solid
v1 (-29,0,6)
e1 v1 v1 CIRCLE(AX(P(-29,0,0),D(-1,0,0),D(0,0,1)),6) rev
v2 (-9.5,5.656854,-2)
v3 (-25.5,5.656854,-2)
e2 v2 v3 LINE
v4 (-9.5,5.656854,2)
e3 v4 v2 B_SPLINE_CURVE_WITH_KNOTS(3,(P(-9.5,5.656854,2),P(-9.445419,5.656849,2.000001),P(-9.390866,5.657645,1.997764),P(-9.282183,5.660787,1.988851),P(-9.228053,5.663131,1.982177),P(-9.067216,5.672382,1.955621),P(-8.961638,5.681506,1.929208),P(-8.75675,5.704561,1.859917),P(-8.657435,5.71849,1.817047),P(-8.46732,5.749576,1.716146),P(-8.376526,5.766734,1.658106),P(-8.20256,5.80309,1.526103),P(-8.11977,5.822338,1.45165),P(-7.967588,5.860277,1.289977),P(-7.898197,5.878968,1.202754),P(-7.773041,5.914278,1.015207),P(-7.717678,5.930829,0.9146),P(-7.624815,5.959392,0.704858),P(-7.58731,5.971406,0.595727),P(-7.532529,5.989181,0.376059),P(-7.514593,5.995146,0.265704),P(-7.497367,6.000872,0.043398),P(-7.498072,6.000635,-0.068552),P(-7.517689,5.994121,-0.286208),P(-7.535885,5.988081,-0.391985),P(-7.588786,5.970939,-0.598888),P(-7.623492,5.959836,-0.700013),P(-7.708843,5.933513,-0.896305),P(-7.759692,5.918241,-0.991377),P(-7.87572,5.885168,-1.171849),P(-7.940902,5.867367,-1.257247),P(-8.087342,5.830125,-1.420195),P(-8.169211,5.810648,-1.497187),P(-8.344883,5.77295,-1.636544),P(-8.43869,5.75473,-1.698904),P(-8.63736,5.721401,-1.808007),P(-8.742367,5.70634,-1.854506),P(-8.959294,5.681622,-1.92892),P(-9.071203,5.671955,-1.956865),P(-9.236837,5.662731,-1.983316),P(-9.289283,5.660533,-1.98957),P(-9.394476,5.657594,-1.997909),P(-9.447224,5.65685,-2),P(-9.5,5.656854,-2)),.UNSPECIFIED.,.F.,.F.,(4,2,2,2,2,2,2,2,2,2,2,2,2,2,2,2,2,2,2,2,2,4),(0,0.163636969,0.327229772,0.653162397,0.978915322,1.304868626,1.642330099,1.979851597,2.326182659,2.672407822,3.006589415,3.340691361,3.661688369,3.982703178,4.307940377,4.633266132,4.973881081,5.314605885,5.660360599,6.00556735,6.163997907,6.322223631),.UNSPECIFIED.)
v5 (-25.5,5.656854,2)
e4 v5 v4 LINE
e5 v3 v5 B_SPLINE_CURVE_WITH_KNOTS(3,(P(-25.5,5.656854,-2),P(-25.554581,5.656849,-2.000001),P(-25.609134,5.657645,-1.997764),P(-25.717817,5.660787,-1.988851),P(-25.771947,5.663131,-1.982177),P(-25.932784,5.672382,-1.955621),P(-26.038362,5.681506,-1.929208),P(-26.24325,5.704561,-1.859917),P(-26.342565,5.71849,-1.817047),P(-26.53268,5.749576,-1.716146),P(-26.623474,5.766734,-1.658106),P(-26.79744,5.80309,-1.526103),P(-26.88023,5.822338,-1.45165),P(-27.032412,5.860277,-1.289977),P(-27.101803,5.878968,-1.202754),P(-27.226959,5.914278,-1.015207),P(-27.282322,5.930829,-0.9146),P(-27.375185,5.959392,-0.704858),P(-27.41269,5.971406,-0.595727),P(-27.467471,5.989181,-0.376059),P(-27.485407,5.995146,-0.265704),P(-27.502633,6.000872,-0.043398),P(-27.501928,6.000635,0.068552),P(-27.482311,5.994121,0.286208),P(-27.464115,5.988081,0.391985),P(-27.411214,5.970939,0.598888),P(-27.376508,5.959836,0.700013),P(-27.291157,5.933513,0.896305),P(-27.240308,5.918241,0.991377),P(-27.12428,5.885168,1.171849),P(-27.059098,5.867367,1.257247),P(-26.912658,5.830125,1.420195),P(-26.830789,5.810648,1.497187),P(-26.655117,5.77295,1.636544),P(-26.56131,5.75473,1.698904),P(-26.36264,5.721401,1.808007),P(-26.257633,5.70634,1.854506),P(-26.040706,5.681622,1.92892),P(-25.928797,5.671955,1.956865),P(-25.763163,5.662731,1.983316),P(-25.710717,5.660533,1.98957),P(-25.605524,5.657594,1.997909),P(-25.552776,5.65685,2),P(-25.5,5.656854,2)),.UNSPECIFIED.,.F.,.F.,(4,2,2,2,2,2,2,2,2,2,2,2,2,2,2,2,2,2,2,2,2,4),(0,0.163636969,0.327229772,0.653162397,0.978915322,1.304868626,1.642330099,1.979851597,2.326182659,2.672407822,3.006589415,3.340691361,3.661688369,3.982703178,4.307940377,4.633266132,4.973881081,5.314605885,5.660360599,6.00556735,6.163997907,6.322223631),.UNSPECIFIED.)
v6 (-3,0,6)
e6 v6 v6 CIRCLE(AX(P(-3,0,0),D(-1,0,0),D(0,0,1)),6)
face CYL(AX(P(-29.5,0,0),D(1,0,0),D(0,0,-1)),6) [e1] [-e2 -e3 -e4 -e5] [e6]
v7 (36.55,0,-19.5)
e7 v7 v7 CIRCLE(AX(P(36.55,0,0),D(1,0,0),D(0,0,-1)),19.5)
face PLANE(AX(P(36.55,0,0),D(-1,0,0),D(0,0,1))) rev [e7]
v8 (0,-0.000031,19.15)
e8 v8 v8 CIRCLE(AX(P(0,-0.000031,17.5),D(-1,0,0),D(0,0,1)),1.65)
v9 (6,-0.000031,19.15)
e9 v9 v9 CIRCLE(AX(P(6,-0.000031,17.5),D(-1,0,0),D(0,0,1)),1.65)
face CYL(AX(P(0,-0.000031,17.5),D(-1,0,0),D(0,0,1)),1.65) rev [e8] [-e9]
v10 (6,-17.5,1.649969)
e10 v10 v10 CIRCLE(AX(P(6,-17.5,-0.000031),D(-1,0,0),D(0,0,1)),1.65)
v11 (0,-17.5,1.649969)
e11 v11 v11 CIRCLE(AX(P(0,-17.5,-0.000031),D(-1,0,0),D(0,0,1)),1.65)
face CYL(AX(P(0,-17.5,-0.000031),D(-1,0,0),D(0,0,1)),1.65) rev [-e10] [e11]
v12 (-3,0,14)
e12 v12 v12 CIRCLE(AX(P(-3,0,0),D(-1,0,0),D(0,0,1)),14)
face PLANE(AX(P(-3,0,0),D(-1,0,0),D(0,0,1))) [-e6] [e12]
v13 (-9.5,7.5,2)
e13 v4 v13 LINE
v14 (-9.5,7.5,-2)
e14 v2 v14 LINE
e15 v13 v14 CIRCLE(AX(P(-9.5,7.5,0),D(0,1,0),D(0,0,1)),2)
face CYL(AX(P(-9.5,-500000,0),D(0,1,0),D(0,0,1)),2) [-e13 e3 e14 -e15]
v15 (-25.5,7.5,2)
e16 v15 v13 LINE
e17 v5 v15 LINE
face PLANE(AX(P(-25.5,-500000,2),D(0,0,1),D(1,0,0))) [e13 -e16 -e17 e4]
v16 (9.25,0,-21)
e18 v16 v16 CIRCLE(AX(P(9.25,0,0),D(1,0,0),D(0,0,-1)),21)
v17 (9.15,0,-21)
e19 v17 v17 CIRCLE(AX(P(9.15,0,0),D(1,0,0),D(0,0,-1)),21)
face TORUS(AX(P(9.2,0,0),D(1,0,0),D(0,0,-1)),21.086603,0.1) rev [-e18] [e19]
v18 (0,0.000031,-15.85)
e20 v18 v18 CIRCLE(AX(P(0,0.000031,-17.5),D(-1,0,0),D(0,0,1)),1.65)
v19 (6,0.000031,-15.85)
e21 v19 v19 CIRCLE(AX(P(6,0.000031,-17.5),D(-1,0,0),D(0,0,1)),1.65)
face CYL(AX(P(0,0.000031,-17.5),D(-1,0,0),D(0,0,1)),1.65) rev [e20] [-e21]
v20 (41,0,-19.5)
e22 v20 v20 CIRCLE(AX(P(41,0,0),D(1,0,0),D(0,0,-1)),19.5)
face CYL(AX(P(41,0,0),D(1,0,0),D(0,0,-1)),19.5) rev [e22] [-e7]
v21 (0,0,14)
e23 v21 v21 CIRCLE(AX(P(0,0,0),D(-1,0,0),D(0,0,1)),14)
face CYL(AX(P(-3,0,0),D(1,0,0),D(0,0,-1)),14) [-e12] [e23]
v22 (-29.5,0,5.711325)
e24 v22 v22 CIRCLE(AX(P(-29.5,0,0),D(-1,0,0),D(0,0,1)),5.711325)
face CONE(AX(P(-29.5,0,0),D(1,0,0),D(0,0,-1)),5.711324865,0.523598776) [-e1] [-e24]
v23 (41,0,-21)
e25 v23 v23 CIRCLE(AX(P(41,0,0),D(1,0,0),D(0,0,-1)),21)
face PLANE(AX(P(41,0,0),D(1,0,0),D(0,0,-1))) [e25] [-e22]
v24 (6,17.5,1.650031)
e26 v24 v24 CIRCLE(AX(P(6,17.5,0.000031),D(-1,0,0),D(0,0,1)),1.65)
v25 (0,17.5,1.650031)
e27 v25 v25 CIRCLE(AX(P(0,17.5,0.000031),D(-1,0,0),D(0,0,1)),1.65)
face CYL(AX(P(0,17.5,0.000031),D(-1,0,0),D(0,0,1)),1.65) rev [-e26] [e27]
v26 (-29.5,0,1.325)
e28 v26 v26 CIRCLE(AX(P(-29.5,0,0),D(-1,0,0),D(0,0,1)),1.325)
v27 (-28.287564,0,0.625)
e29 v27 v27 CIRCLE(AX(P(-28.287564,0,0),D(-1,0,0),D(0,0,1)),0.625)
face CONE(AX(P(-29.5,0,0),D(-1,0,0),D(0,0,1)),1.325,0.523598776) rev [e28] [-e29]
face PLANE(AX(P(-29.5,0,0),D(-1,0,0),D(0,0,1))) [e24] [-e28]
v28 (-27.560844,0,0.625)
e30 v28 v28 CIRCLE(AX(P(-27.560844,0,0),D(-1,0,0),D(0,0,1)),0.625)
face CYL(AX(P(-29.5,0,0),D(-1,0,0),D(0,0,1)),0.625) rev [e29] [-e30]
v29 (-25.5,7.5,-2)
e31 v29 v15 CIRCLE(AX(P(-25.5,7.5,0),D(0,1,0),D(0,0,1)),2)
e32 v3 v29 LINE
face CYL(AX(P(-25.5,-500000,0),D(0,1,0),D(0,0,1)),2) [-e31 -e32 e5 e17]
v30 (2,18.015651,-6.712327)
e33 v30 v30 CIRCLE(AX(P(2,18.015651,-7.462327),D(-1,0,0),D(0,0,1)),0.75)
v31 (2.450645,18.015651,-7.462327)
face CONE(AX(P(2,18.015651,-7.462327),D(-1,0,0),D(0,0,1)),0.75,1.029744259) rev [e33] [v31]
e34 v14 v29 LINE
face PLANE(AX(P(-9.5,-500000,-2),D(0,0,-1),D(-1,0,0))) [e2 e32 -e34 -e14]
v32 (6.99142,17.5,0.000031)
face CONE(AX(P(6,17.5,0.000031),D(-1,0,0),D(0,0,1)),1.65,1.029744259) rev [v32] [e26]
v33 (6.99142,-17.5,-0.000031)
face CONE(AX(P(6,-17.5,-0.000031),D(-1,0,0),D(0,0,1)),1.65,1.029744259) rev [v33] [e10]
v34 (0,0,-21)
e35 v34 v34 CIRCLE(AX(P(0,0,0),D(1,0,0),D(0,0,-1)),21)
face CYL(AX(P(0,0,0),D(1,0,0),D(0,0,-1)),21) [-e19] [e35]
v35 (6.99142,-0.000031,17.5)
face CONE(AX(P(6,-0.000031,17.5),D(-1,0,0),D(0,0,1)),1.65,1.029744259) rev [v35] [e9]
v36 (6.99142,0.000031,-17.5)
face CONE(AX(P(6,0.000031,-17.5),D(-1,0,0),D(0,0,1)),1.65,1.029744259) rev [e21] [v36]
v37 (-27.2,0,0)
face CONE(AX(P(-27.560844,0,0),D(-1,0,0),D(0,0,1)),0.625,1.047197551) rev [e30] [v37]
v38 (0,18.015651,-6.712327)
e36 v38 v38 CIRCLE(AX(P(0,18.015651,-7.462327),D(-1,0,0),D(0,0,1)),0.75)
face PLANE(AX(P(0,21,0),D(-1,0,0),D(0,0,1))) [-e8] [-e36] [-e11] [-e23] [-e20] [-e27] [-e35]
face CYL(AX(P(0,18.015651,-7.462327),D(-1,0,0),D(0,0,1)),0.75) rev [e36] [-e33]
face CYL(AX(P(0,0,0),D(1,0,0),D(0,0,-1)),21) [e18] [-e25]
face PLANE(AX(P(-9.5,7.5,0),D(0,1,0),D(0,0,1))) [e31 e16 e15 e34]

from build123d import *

# Parameters (mm, degrees)
SKETCH2_R                              = 14
BOSS_EXTRUDE1_DEPTH                    = 3
SKETCH3_R                              = 6
BOSS_EXTRUDE2_DEPTH                    = 26.5
BOSS_EXTRUDE4_REACH                    = 56.169
BOSS_EXTRUDE4_END_RADIUS               = 6
M36_CLEARANCE_HOLE1_D                  = 39
M36_CLEARANCE_HOLE1_DEPTH              = 4.45
F_1_5_1_5_DIAMETER_HOLE1_D             = 1.5
F_1_5_1_5_DIAMETER_HOLE1_DEPTH         = 2
F_1_5_1_5_DIAMETER_HOLE1_TIP           = 0.450645464
F_3_3_3_3_DIAMETER_HOLE1_D             = 3.3
F_3_3_3_3_DIAMETER_HOLE1_DEPTH         = 6
F_3_3_3_3_DIAMETER_HOLE1_TIP           = 0.991420021
F_1_25_1_25_DIAMETER_HOLE1_D           = 1.25
F_1_25_1_25_DIAMETER_HOLE1_DEPTH       = 1.939156082
F_1_25_1_25_DIAMETER_HOLE1_CSINK_D     = 2.65
F_1_25_1_25_DIAMETER_HOLE1_CSINK_ANGLE = 60
F_1_25_1_25_DIAMETER_HOLE1_TIP         = 0.360843918
CHAMFER1_SIZE                          = 0.288675135
CHAMFER1_SIZE2                         = 0.5


with BuildPart() as part:
    # Sketch1 → Revolve1 (revolve)
    with BuildSketch(Plane.XY, mode=Mode.PRIVATE) as revolve1_sk:
        with BuildLine():
            Line((0, 21), (0, 0))
            Line((0, 0), (41, 0))
            Line((41, 0), (41, 21))
            Line((41, 21), (9.25, 21))
            ThreePointArc((9.25, 21), (9.2, 20.98660254), (9.15, 21))
            Line((9.15, 21), (0, 21))
        make_face()
    revolve(revolve1_sk.sketch.rotate(Axis((0, 0, 0), (1, 0, 0)), 270), axis=Axis((0, 0, 0), (1, 0, 0)))

    # Sketch2 → Boss-Extrude1 (add)
    with BuildSketch(Plane.ZY):
        Circle(SKETCH2_R)
    extrude(amount=BOSS_EXTRUDE1_DEPTH)

    # Sketch3 → Boss-Extrude2 (add)
    with BuildSketch(Plane.ZY.offset(3)):
        Circle(SKETCH3_R)
    extrude(amount=BOSS_EXTRUDE2_DEPTH)

    # Boss-Extrude4: up to this cylinder (the profile starts outside it)
    boss_extrude4_end = Plane(origin=(-17.5, 0, 0), z_dir=(1, 0, 0)) * Cylinder(BOSS_EXTRUDE4_END_RADIUS, 125.338, mode=Mode.PRIVATE)
    # Sketch5 → Boss-Extrude4 (add, up to the surface)
    with BuildSketch(Plane(origin=(0, 7.5, 0), x_dir=(1, 0, 0), z_dir=(0, 1, 0)), mode=Mode.PRIVATE) as boss_extrude4_sk1:
        with BuildLine():
            Line((-9.5, 2), (-25.5, 2))
            ThreePointArc((-25.5, 2), (-27.5, 0), (-25.5, -2))
            Line((-25.5, -2), (-9.5, -2))
            ThreePointArc((-9.5, -2), (-7.5, 0), (-9.5, 2))
        make_face()
    boss_extrude4_tool1 = extrude(boss_extrude4_sk1.sketch, amount=-BOSS_EXTRUDE4_REACH, mode=Mode.PRIVATE) - boss_extrude4_end
    add(boss_extrude4_tool1.solids().sort_by_distance((-17.5, 7.5, 0))[0])

    # M36 Clearance Hole1
    with Locations(Plane(origin=(41, 0, 0), x_dir=(0, 0, -1), z_dir=(1, 0, 0))):
        with Locations((0, 0)):
            Hole(M36_CLEARANCE_HOLE1_D / 2, depth=M36_CLEARANCE_HOLE1_DEPTH)

    # Ø1.5 (1.5) Diameter Hole1
    with Locations(Plane.ZY):
        with Locations((-7.462326931, 18.015650884)):
            Hole(F_1_5_1_5_DIAMETER_HOLE1_D / 2, depth=F_1_5_1_5_DIAMETER_HOLE1_DEPTH)
            with Locations((0, 0, -(F_1_5_1_5_DIAMETER_HOLE1_DEPTH + F_1_5_1_5_DIAMETER_HOLE1_TIP / 2))):  # 118° drill point
                Cone(0, F_1_5_1_5_DIAMETER_HOLE1_D / 2, F_1_5_1_5_DIAMETER_HOLE1_TIP, mode=Mode.SUBTRACT)

    # Ø3.3 (3.3) Diameter Hole1
    with Locations(Plane.ZY):
        with Locations((3.0543e-05, 17.5), (17.5, -3.0543e-05), (-3.0543e-05, -17.5), (-17.5, 3.0543e-05)):
            Hole(F_3_3_3_3_DIAMETER_HOLE1_D / 2, depth=F_3_3_3_3_DIAMETER_HOLE1_DEPTH)
            with Locations((0, 0, -(F_3_3_3_3_DIAMETER_HOLE1_DEPTH + F_3_3_3_3_DIAMETER_HOLE1_TIP / 2))):  # 118° drill point
                Cone(0, F_3_3_3_3_DIAMETER_HOLE1_D / 2, F_3_3_3_3_DIAMETER_HOLE1_TIP, mode=Mode.SUBTRACT)

    # Ø1.25 (1.25) Diameter Hole1
    with Locations(Plane.ZY.offset(29.5)):
        with Locations((0, 0)):
            CounterSinkHole(F_1_25_1_25_DIAMETER_HOLE1_D / 2, F_1_25_1_25_DIAMETER_HOLE1_CSINK_D / 2, depth=F_1_25_1_25_DIAMETER_HOLE1_DEPTH, counter_sink_angle=F_1_25_1_25_DIAMETER_HOLE1_CSINK_ANGLE)
            with Locations((0, 0, -(F_1_25_1_25_DIAMETER_HOLE1_DEPTH + F_1_25_1_25_DIAMETER_HOLE1_TIP / 2))):  # 120° drill point
                Cone(0, F_1_25_1_25_DIAMETER_HOLE1_D / 2, F_1_25_1_25_DIAMETER_HOLE1_TIP, mode=Mode.SUBTRACT)

    # Chamfer1
    chamfer1_edges = [part.edges().sort_by_distance(p)[0] for p in [
        (-29.5, 0, -6),
    ]]
    chamfer1_side = [part.faces().sort_by_distance(p)[0] for p in [
        (-29.5, 0, -5.830294373),
    ]]
    chamfer(chamfer1_edges, length=CHAMFER1_SIZE, length2=CHAMFER1_SIZE2, reference=chamfer1_side[0])


solid = part.part
